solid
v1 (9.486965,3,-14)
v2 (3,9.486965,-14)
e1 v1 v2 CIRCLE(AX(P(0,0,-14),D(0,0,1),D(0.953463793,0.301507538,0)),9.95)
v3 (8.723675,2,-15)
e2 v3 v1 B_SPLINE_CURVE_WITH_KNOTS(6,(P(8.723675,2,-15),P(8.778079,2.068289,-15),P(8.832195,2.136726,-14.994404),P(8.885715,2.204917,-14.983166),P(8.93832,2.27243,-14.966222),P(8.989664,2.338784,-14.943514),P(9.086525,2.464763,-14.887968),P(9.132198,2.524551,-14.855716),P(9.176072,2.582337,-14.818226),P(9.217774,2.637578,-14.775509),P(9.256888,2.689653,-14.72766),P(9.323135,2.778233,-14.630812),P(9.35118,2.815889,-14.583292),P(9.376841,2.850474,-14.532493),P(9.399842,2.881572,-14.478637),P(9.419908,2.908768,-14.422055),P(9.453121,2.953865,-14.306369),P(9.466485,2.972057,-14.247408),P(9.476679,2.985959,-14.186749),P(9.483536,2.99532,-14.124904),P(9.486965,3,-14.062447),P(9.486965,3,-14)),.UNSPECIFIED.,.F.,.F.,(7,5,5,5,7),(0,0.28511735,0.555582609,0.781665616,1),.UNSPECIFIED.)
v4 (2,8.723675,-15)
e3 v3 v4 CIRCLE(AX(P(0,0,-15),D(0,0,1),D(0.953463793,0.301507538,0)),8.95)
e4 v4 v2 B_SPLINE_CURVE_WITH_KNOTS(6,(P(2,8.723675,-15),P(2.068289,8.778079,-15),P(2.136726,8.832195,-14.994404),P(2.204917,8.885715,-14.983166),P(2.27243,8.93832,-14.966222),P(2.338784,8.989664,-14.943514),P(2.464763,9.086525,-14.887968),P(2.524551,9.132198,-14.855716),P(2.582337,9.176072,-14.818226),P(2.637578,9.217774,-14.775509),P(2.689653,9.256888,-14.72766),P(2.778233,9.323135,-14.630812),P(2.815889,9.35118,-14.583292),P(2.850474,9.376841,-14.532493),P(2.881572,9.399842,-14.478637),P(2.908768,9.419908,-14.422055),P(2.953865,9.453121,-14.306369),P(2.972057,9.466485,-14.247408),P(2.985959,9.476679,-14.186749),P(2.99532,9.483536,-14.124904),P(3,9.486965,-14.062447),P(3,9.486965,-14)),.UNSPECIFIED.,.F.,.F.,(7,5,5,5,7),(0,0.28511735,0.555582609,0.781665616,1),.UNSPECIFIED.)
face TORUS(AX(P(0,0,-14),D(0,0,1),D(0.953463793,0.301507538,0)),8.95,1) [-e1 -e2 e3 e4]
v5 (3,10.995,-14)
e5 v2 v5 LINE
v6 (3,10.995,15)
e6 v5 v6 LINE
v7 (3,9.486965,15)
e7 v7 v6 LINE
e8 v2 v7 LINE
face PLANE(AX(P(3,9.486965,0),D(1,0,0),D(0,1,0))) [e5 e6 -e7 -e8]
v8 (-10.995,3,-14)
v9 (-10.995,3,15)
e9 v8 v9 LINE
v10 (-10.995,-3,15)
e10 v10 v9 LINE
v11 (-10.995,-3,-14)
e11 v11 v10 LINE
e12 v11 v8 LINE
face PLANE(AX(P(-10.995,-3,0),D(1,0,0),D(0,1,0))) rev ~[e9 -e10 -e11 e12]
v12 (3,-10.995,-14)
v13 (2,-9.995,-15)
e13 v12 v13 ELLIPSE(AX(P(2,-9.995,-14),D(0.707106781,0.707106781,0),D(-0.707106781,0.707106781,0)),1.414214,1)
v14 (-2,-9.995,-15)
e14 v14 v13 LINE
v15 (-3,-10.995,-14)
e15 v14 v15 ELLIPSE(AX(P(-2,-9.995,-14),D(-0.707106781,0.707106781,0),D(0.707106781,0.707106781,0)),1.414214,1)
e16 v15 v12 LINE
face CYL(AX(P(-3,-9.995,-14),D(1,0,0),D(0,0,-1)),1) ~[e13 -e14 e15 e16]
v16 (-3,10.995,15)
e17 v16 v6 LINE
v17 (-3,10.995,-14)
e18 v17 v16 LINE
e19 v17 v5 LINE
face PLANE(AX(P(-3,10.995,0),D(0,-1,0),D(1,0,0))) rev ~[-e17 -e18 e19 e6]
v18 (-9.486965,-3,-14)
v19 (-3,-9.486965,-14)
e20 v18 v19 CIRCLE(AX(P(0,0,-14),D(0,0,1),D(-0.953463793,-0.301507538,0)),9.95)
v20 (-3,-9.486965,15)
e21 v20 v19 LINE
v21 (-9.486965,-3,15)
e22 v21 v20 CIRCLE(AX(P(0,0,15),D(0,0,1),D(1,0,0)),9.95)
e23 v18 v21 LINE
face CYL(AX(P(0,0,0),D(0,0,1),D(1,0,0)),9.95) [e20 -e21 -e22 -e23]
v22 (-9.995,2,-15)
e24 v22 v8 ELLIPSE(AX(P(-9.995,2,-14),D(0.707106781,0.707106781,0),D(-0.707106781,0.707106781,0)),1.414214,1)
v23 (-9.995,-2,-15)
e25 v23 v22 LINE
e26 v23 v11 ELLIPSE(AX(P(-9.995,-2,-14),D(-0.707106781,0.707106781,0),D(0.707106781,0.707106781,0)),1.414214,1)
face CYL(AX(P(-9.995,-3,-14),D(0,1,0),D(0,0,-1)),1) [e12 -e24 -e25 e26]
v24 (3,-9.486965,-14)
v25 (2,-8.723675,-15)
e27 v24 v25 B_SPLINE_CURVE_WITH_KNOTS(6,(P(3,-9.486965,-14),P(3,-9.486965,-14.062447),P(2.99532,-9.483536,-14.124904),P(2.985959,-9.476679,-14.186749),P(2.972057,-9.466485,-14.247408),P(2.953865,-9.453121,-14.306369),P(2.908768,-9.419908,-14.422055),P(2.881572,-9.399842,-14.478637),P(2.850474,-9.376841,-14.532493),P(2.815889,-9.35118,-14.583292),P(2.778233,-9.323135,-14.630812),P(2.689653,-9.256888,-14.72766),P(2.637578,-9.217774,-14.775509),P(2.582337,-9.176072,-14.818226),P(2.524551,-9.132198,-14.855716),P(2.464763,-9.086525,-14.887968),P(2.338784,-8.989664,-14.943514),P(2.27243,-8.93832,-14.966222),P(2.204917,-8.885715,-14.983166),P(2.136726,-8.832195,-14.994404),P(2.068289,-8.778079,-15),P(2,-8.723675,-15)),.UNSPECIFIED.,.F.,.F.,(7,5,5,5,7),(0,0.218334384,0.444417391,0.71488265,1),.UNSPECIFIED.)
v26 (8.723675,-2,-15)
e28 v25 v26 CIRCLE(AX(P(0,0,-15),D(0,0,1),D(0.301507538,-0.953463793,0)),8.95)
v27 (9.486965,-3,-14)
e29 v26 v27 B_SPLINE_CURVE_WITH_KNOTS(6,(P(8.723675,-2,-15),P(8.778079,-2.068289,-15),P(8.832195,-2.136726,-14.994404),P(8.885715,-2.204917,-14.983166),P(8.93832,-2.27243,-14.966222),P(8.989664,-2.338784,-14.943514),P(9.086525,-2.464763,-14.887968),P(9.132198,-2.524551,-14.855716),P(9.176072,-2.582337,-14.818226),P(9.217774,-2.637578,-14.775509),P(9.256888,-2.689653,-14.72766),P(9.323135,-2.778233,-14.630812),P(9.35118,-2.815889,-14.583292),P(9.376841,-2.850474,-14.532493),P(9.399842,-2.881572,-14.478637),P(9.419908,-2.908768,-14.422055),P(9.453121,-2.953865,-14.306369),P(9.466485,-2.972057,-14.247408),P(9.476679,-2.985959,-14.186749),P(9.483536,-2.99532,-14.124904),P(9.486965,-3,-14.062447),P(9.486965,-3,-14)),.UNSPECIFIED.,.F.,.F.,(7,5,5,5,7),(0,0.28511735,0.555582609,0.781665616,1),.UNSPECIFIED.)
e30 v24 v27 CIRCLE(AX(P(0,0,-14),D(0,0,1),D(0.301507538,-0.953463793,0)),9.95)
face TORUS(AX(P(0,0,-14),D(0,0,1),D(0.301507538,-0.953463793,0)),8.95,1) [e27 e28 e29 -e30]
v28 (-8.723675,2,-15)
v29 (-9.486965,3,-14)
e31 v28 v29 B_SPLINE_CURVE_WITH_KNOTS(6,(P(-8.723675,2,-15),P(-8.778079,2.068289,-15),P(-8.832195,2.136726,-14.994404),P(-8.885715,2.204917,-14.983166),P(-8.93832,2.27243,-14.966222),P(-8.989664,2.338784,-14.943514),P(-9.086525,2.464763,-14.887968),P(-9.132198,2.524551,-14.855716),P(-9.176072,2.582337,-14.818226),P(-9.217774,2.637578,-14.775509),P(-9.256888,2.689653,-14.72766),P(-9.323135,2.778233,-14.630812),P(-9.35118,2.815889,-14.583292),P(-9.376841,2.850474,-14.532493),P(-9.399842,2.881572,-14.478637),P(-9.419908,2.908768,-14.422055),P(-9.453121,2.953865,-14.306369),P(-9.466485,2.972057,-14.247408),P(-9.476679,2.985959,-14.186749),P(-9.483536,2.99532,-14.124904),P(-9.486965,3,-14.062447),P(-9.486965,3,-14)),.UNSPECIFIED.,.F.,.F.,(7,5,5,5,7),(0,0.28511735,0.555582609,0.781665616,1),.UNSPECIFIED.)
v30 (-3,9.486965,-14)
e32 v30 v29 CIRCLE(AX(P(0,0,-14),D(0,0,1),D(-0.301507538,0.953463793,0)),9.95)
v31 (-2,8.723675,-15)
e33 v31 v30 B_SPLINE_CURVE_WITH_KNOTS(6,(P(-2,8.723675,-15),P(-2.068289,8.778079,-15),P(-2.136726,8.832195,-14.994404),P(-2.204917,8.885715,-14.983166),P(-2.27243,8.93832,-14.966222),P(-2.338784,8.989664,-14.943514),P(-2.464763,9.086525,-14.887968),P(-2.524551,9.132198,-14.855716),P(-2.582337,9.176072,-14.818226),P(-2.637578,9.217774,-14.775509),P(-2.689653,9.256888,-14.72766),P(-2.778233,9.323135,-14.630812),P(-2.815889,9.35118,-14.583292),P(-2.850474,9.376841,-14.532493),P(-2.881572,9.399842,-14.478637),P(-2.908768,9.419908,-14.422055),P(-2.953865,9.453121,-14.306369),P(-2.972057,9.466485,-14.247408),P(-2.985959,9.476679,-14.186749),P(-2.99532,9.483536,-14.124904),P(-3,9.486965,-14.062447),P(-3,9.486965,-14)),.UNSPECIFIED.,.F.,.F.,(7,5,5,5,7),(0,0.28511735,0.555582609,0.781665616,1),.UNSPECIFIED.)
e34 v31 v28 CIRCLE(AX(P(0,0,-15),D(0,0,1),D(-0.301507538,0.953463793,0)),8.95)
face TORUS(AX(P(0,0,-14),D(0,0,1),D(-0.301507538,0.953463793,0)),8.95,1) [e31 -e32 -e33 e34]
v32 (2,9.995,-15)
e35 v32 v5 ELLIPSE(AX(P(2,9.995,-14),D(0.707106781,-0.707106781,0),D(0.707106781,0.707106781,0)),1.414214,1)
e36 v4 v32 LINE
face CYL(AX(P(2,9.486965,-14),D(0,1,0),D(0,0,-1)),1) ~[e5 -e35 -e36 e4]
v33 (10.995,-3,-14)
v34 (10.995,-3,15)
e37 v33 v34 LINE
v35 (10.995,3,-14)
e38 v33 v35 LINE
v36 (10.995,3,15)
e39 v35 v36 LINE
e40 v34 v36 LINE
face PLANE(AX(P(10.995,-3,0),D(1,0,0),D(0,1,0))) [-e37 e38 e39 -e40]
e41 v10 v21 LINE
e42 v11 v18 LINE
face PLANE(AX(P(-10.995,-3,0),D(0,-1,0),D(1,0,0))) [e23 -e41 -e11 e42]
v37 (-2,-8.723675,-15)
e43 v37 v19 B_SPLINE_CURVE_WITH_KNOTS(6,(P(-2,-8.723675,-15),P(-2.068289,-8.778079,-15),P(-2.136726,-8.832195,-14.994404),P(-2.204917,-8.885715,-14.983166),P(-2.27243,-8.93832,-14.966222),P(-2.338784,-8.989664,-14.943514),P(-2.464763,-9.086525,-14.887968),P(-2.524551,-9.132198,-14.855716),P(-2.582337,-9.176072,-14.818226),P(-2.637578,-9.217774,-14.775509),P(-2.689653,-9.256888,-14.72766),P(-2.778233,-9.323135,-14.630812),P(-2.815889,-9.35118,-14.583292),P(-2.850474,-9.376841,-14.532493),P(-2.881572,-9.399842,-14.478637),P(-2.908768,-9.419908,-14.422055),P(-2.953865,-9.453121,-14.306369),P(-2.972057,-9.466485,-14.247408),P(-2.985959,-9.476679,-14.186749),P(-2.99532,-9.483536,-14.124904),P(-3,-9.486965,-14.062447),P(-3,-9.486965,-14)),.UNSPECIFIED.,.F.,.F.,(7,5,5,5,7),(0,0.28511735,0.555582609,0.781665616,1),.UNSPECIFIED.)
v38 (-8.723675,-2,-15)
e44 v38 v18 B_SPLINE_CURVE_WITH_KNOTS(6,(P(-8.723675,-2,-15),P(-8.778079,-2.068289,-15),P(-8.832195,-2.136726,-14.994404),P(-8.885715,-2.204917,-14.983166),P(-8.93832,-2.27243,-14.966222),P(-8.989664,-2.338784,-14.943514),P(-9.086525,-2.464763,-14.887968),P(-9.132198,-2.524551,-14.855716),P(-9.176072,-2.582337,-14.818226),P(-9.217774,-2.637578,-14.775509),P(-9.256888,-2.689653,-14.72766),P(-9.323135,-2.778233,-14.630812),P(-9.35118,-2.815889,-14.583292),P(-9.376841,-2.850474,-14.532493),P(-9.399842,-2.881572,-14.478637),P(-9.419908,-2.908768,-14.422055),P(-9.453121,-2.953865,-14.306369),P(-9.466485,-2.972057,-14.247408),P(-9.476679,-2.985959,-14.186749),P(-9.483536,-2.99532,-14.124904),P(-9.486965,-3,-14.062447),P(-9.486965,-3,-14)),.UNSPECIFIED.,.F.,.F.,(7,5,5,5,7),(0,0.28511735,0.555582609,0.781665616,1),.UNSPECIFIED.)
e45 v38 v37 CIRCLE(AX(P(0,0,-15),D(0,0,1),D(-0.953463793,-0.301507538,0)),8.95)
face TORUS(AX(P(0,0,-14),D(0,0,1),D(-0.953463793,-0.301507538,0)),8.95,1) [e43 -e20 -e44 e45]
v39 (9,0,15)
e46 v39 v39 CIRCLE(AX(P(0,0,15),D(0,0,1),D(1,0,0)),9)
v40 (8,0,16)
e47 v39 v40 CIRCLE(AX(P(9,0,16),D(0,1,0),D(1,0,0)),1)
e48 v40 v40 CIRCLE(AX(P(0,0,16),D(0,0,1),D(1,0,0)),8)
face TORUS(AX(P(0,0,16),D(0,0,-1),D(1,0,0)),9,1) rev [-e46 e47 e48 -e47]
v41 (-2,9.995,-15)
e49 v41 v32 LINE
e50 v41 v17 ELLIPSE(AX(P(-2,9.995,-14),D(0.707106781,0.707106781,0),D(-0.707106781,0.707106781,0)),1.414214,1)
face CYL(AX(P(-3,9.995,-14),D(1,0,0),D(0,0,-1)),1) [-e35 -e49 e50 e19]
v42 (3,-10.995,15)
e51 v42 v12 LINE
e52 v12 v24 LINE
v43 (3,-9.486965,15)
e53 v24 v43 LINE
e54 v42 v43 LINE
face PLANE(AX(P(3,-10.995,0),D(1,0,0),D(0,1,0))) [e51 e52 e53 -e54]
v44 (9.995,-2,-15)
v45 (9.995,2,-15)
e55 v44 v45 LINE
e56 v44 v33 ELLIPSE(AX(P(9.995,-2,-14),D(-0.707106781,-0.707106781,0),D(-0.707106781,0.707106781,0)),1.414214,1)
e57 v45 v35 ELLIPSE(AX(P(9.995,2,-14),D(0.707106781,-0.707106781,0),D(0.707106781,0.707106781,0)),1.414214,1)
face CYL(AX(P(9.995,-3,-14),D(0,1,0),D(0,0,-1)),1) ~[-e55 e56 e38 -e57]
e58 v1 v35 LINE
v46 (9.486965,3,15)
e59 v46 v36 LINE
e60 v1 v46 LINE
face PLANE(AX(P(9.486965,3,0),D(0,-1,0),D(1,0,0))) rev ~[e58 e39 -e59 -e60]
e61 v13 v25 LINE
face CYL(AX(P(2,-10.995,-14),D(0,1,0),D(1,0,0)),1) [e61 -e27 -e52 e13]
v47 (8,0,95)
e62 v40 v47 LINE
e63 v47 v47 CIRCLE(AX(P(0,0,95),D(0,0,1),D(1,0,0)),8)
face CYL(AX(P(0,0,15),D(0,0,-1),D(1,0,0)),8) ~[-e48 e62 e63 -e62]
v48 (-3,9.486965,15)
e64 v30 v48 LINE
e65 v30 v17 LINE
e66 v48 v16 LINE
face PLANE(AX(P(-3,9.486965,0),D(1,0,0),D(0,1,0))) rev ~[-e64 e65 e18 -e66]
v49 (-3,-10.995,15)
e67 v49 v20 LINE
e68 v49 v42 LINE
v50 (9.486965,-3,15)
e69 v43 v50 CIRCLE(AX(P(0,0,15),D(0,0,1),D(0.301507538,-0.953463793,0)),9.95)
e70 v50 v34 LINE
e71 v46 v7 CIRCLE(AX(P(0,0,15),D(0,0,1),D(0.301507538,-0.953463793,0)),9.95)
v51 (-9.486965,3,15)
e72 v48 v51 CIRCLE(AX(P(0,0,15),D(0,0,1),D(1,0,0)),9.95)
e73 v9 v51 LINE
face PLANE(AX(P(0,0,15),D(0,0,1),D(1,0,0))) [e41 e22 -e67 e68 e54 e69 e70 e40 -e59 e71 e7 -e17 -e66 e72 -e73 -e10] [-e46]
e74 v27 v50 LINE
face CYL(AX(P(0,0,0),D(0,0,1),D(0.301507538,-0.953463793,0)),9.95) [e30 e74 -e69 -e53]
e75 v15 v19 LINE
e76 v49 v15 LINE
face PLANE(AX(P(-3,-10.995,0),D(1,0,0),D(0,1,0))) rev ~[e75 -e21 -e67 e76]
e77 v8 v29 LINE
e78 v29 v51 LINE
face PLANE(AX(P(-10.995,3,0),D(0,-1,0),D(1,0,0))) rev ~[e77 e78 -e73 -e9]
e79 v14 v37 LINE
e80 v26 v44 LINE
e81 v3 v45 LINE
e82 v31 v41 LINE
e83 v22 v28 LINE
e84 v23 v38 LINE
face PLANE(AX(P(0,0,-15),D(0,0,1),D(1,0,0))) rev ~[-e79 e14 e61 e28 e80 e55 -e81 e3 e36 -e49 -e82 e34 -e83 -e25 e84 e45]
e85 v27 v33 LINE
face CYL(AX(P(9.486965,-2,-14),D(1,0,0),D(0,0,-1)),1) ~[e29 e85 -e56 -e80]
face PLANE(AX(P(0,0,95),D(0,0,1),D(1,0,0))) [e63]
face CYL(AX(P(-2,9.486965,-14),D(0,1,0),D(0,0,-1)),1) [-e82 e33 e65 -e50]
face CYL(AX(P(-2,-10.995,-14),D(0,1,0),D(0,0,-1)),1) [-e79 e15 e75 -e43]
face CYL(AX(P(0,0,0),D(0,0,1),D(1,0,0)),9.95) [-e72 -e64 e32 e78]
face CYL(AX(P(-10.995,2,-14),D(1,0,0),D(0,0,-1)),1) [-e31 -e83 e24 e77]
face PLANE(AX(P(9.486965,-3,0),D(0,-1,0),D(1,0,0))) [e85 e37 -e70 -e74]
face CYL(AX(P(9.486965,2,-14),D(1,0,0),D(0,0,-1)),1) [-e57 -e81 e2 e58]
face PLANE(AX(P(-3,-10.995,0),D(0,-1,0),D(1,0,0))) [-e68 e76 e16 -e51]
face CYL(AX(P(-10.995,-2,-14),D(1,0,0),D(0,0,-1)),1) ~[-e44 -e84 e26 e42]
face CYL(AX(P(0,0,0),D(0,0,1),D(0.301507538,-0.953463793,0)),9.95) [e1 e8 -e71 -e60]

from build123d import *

# Parameters (mm, degrees)
SKETCH1_R           = 9.95
SKETCH1_W           = 6
SKETCH1_H           = 21.99
SKETCH1_W_2         = 21.99
SKETCH1_H_2         = 6
BOSS_EXTRUDE1_DEPTH = 15
SKETCH2_R           = 8
BOSS_EXTRUDE2_DEPTH = 80
FILLET1_R           = 1


with BuildPart() as part:
    # Sketch1 → Boss-Extrude1 (new, symmetric)
    with BuildSketch(Plane.XY):
        Circle(SKETCH1_R)
        Rectangle(SKETCH1_W, SKETCH1_H)
        Rectangle(SKETCH1_W_2, SKETCH1_H_2)
    extrude(amount=BOSS_EXTRUDE1_DEPTH, both=True)

    # Sketch2 → Boss-Extrude2 (add)
    with BuildSketch(Plane.XY.offset(15)):
        Circle(SKETCH2_R)
    extrude(amount=BOSS_EXTRUDE2_DEPTH)

    # Fillet1
    fillet1_edges = [part.edges().sort_by_distance(p)[0] for p in [
        (10.240982371, 3, -15),
        (10.995, 0, -15),
        (10.240982371, -3, -15),
        (-3, 10.240982371, -15),
        (0, 10.995, -15),
        (3, 10.240982371, -15),
        (3, -10.240982371, -15),
        (0, -10.995, -15),
        (-3, -10.240982371, -15),
        (7.035712473, -7.035712473, -15),
        (7.035712473, 7.035712473, -15),
        (-7.035712473, 7.035712473, -15),
        (-7.035712473, -7.035712473, -15),
        (-8, 0, 15),
        (-10.240982371, -3, -15),
        (-10.995, 0, -15),
        (-10.240982371, 3, -15),
    ]]
    fillet(fillet1_edges, radius=FILLET1_R)


solid = part.part
